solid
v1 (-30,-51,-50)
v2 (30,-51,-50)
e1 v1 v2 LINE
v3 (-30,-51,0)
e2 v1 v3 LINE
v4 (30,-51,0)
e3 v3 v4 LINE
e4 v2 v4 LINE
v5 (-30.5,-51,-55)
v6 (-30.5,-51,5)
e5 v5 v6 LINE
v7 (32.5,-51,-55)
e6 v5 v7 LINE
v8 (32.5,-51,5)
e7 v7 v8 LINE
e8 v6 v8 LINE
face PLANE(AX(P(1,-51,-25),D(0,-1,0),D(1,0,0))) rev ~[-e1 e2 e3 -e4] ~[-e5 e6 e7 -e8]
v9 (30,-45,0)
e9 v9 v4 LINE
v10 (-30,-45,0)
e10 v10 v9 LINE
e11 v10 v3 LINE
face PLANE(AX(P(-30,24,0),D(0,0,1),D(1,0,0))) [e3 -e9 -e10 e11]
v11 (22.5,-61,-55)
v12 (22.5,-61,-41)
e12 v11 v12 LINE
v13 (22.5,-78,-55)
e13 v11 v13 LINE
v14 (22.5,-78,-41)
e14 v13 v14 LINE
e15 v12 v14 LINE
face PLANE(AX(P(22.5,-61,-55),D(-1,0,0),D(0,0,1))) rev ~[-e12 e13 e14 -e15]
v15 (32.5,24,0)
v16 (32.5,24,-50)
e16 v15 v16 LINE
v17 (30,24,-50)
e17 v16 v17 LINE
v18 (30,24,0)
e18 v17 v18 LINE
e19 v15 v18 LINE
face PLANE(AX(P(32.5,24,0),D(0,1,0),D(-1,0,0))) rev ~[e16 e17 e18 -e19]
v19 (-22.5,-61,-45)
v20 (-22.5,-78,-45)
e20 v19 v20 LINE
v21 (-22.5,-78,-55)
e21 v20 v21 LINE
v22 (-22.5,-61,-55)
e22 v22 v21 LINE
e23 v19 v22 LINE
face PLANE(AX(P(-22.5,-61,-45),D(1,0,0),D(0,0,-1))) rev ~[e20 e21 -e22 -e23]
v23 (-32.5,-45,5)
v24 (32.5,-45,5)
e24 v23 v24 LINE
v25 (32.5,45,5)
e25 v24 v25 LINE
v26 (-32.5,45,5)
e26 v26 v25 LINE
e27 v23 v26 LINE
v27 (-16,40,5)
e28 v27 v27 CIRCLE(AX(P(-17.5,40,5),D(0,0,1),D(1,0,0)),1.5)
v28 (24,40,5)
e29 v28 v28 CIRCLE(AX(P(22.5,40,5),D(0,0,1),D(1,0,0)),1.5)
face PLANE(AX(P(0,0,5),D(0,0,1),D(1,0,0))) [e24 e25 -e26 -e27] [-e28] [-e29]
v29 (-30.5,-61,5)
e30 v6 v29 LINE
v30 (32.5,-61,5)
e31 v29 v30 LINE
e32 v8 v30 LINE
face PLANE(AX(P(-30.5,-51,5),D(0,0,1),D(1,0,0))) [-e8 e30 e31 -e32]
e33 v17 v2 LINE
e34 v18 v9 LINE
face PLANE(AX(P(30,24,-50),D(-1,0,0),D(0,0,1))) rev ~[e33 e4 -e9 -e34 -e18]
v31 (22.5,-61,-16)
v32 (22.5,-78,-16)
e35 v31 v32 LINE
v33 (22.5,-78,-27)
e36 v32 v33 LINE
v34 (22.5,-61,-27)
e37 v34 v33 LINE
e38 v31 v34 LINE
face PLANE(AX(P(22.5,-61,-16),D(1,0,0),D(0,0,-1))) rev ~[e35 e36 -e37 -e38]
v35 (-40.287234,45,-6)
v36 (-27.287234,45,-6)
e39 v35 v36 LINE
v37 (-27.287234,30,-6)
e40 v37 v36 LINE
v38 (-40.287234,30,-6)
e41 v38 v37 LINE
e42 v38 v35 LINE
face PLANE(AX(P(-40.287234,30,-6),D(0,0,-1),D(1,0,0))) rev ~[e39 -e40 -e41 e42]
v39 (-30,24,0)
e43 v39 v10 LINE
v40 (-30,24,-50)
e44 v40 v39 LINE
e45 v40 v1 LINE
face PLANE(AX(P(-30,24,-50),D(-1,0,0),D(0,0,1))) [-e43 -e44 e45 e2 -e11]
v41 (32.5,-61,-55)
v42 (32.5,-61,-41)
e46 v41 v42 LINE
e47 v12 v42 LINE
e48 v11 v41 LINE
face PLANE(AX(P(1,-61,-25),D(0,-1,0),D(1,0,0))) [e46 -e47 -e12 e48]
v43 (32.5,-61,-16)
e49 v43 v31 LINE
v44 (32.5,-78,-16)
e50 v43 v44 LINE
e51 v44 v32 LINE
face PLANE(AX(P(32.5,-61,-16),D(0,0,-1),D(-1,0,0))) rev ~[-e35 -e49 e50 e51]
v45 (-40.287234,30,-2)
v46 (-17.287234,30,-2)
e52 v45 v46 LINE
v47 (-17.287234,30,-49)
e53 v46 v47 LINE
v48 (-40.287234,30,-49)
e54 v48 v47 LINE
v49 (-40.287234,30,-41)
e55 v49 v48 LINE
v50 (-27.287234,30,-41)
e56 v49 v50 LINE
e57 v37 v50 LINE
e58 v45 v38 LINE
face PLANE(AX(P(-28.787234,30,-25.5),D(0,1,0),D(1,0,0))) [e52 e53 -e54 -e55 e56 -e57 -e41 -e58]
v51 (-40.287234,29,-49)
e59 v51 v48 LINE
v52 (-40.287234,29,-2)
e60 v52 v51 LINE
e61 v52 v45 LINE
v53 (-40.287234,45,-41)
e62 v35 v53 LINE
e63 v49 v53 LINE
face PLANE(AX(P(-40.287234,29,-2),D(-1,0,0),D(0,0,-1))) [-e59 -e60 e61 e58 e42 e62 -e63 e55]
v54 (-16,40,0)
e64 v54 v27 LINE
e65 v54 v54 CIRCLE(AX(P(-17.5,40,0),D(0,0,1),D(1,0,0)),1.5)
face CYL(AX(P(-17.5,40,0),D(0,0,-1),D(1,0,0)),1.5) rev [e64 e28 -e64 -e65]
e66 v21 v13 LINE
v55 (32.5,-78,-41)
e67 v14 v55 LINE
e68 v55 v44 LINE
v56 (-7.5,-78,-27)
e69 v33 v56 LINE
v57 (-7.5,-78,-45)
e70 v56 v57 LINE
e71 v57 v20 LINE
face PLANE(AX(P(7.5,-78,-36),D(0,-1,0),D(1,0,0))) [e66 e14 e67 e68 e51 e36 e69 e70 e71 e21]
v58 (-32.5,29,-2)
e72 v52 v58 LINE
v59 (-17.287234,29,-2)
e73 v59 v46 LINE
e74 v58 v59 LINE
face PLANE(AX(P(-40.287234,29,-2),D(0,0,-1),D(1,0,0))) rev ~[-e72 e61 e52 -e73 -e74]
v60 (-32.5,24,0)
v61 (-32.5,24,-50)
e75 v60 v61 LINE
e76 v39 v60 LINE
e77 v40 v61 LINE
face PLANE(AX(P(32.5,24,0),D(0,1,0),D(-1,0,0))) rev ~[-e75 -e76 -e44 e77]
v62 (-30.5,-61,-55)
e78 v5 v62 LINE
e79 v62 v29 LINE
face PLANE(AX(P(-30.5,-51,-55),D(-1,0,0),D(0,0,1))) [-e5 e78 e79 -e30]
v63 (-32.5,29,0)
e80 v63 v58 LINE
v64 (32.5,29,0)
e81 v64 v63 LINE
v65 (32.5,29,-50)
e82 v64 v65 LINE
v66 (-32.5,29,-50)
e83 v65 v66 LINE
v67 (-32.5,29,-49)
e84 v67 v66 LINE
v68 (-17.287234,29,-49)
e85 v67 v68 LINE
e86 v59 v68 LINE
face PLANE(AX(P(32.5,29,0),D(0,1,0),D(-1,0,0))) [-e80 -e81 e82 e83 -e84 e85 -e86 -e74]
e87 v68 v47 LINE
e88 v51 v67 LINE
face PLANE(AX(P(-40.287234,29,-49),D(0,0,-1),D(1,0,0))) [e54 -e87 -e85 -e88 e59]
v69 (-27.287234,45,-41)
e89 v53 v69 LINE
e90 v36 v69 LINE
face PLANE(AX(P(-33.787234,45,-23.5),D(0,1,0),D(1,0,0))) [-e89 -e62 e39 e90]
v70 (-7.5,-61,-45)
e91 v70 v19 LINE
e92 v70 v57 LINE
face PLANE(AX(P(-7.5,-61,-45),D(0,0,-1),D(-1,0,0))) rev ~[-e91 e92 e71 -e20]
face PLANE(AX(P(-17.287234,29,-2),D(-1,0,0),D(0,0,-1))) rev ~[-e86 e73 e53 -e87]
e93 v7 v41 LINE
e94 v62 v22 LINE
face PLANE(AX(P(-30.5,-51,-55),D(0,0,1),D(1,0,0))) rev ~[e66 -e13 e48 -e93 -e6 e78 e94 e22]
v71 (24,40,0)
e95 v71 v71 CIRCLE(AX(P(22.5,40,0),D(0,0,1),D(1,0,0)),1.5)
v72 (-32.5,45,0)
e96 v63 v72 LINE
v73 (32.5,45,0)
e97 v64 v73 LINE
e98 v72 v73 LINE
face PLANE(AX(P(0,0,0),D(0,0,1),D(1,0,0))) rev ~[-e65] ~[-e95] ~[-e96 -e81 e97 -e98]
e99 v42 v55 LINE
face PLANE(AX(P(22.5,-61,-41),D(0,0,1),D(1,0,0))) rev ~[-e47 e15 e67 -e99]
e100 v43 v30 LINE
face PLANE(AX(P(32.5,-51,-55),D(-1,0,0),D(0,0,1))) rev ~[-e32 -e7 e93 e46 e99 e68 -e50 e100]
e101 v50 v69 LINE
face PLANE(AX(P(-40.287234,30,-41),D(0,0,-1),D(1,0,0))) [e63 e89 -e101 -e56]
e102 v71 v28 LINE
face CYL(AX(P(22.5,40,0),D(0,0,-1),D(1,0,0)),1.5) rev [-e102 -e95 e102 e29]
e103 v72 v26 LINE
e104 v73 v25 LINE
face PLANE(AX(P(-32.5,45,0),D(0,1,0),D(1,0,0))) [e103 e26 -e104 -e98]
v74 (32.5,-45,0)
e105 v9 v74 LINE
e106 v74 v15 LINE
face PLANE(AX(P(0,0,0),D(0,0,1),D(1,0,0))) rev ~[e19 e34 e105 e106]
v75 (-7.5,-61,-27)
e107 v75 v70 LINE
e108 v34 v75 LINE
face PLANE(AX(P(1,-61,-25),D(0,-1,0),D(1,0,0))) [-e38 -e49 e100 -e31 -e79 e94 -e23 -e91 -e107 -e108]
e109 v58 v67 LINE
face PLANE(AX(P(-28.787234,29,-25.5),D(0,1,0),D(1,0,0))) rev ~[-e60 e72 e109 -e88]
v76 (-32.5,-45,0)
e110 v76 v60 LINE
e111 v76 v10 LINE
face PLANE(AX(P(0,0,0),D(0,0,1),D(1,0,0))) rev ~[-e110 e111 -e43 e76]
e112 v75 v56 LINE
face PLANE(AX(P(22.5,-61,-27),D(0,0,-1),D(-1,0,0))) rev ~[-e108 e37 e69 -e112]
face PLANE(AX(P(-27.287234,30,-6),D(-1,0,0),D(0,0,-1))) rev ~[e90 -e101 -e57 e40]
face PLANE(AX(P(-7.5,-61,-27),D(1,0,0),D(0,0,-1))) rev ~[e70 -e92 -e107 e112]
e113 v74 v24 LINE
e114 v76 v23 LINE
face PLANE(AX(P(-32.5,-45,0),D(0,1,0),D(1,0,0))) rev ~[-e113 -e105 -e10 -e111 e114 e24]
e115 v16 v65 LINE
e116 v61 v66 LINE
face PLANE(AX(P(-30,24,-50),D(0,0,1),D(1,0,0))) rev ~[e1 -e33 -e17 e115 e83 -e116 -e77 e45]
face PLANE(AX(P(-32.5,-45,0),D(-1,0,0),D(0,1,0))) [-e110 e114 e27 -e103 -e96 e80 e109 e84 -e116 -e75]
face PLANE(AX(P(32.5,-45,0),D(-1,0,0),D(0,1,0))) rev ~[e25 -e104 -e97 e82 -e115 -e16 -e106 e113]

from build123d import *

# Parameters (mm, degrees)
SKETCH2_W           = 65
SKETCH2_H           = 90
SKETCH2_R           = 1.5
BOSS_EXTRUDE1_DEPTH = 5
SKETCH3_W           = 65
SKETCH3_H           = 5
BOSS_EXTRUDE2_DEPTH = 50
SKETCH4_W           = 23
SKETCH4_H           = 47
BOSS_EXTRUDE3_DEPTH = 1
SKETCH5_W           = 13
SKETCH5_H           = 35
BOSS_EXTRUDE4_DEPTH = 15
SKETCH6_W           = 60
SKETCH6_H           = 50
BOSS_EXTRUDE5_DEPTH = 75
SKETCH7_W           = 63
SKETCH7_H           = 60
BOSS_EXTRUDE6_DEPTH = 10
BOSS_EXTRUDE7_DEPTH = 17


with BuildPart() as part:
    # Sketch2 → Boss-Extrude1 (new body)
    with BuildSketch(Plane.XY):
        Rectangle(SKETCH2_W, SKETCH2_H)
        with Locations((-17.5, 40)):
            Circle(SKETCH2_R, mode=Mode.SUBTRACT)
        with Locations((22.5, 40)):
            Circle(SKETCH2_R, mode=Mode.SUBTRACT)
    extrude(amount=BOSS_EXTRUDE1_DEPTH)

    # Sketch3 → Boss-Extrude2 (add)
    with BuildSketch(Plane(origin=(0, 0, 0), x_dir=(-1, 0, 0), z_dir=(0, 0, -1))):
        with Locations((0, 26.5)):
            Rectangle(SKETCH3_W, SKETCH3_H)
    extrude(amount=BOSS_EXTRUDE2_DEPTH)

    # Sketch4 → Boss-Extrude3 (add)
    with BuildSketch(Plane(origin=(0, 29, 0), x_dir=(1, 0, 0), z_dir=(0, 1, 0))):
        with Locations((-28.787234074, 25.5)):
            Rectangle(SKETCH4_W, SKETCH4_H)
    extrude(amount=BOSS_EXTRUDE3_DEPTH)

    # Sketch5 → Boss-Extrude4 (add)
    with BuildSketch(Plane(origin=(0, 30, 0), x_dir=(1, 0, 0), z_dir=(0, 1, 0))):
        with Locations((-33.787234074, 23.5)):
            Rectangle(SKETCH5_W, SKETCH5_H)
    extrude(amount=BOSS_EXTRUDE4_DEPTH)

    # Sketch6 → Boss-Extrude5 (add)
    with BuildSketch(Plane.XZ.offset(-24)):
        with Locations((0, -25)):
            Rectangle(SKETCH6_W, SKETCH6_H)
    extrude(amount=BOSS_EXTRUDE5_DEPTH)

    # Sketch7 → Boss-Extrude6 (add)
    with BuildSketch(Plane.XZ.offset(51)):
        with Locations((1, -25)):
            Rectangle(SKETCH7_W, SKETCH7_H)
    extrude(amount=BOSS_EXTRUDE6_DEPTH)

    # Sketch8 → Boss-Extrude7 (add)
    with BuildSketch(Plane.XZ.offset(61)):
        Polygon((-7.5, -45), (22.5, -45), (22.5, -41), (22.5, -27), (-7.5, -27), align=None)
        Polygon((22.5, -55), (22.5, -45), (-7.5, -45), (-22.5, -45), (-22.5, -55), align=None)
        Polygon((22.5, -27), (22.5, -41), (32.5, -41), (32.5, -16), (22.5, -16), align=None)
    extrude(amount=BOSS_EXTRUDE7_DEPTH)


solid = part.part
